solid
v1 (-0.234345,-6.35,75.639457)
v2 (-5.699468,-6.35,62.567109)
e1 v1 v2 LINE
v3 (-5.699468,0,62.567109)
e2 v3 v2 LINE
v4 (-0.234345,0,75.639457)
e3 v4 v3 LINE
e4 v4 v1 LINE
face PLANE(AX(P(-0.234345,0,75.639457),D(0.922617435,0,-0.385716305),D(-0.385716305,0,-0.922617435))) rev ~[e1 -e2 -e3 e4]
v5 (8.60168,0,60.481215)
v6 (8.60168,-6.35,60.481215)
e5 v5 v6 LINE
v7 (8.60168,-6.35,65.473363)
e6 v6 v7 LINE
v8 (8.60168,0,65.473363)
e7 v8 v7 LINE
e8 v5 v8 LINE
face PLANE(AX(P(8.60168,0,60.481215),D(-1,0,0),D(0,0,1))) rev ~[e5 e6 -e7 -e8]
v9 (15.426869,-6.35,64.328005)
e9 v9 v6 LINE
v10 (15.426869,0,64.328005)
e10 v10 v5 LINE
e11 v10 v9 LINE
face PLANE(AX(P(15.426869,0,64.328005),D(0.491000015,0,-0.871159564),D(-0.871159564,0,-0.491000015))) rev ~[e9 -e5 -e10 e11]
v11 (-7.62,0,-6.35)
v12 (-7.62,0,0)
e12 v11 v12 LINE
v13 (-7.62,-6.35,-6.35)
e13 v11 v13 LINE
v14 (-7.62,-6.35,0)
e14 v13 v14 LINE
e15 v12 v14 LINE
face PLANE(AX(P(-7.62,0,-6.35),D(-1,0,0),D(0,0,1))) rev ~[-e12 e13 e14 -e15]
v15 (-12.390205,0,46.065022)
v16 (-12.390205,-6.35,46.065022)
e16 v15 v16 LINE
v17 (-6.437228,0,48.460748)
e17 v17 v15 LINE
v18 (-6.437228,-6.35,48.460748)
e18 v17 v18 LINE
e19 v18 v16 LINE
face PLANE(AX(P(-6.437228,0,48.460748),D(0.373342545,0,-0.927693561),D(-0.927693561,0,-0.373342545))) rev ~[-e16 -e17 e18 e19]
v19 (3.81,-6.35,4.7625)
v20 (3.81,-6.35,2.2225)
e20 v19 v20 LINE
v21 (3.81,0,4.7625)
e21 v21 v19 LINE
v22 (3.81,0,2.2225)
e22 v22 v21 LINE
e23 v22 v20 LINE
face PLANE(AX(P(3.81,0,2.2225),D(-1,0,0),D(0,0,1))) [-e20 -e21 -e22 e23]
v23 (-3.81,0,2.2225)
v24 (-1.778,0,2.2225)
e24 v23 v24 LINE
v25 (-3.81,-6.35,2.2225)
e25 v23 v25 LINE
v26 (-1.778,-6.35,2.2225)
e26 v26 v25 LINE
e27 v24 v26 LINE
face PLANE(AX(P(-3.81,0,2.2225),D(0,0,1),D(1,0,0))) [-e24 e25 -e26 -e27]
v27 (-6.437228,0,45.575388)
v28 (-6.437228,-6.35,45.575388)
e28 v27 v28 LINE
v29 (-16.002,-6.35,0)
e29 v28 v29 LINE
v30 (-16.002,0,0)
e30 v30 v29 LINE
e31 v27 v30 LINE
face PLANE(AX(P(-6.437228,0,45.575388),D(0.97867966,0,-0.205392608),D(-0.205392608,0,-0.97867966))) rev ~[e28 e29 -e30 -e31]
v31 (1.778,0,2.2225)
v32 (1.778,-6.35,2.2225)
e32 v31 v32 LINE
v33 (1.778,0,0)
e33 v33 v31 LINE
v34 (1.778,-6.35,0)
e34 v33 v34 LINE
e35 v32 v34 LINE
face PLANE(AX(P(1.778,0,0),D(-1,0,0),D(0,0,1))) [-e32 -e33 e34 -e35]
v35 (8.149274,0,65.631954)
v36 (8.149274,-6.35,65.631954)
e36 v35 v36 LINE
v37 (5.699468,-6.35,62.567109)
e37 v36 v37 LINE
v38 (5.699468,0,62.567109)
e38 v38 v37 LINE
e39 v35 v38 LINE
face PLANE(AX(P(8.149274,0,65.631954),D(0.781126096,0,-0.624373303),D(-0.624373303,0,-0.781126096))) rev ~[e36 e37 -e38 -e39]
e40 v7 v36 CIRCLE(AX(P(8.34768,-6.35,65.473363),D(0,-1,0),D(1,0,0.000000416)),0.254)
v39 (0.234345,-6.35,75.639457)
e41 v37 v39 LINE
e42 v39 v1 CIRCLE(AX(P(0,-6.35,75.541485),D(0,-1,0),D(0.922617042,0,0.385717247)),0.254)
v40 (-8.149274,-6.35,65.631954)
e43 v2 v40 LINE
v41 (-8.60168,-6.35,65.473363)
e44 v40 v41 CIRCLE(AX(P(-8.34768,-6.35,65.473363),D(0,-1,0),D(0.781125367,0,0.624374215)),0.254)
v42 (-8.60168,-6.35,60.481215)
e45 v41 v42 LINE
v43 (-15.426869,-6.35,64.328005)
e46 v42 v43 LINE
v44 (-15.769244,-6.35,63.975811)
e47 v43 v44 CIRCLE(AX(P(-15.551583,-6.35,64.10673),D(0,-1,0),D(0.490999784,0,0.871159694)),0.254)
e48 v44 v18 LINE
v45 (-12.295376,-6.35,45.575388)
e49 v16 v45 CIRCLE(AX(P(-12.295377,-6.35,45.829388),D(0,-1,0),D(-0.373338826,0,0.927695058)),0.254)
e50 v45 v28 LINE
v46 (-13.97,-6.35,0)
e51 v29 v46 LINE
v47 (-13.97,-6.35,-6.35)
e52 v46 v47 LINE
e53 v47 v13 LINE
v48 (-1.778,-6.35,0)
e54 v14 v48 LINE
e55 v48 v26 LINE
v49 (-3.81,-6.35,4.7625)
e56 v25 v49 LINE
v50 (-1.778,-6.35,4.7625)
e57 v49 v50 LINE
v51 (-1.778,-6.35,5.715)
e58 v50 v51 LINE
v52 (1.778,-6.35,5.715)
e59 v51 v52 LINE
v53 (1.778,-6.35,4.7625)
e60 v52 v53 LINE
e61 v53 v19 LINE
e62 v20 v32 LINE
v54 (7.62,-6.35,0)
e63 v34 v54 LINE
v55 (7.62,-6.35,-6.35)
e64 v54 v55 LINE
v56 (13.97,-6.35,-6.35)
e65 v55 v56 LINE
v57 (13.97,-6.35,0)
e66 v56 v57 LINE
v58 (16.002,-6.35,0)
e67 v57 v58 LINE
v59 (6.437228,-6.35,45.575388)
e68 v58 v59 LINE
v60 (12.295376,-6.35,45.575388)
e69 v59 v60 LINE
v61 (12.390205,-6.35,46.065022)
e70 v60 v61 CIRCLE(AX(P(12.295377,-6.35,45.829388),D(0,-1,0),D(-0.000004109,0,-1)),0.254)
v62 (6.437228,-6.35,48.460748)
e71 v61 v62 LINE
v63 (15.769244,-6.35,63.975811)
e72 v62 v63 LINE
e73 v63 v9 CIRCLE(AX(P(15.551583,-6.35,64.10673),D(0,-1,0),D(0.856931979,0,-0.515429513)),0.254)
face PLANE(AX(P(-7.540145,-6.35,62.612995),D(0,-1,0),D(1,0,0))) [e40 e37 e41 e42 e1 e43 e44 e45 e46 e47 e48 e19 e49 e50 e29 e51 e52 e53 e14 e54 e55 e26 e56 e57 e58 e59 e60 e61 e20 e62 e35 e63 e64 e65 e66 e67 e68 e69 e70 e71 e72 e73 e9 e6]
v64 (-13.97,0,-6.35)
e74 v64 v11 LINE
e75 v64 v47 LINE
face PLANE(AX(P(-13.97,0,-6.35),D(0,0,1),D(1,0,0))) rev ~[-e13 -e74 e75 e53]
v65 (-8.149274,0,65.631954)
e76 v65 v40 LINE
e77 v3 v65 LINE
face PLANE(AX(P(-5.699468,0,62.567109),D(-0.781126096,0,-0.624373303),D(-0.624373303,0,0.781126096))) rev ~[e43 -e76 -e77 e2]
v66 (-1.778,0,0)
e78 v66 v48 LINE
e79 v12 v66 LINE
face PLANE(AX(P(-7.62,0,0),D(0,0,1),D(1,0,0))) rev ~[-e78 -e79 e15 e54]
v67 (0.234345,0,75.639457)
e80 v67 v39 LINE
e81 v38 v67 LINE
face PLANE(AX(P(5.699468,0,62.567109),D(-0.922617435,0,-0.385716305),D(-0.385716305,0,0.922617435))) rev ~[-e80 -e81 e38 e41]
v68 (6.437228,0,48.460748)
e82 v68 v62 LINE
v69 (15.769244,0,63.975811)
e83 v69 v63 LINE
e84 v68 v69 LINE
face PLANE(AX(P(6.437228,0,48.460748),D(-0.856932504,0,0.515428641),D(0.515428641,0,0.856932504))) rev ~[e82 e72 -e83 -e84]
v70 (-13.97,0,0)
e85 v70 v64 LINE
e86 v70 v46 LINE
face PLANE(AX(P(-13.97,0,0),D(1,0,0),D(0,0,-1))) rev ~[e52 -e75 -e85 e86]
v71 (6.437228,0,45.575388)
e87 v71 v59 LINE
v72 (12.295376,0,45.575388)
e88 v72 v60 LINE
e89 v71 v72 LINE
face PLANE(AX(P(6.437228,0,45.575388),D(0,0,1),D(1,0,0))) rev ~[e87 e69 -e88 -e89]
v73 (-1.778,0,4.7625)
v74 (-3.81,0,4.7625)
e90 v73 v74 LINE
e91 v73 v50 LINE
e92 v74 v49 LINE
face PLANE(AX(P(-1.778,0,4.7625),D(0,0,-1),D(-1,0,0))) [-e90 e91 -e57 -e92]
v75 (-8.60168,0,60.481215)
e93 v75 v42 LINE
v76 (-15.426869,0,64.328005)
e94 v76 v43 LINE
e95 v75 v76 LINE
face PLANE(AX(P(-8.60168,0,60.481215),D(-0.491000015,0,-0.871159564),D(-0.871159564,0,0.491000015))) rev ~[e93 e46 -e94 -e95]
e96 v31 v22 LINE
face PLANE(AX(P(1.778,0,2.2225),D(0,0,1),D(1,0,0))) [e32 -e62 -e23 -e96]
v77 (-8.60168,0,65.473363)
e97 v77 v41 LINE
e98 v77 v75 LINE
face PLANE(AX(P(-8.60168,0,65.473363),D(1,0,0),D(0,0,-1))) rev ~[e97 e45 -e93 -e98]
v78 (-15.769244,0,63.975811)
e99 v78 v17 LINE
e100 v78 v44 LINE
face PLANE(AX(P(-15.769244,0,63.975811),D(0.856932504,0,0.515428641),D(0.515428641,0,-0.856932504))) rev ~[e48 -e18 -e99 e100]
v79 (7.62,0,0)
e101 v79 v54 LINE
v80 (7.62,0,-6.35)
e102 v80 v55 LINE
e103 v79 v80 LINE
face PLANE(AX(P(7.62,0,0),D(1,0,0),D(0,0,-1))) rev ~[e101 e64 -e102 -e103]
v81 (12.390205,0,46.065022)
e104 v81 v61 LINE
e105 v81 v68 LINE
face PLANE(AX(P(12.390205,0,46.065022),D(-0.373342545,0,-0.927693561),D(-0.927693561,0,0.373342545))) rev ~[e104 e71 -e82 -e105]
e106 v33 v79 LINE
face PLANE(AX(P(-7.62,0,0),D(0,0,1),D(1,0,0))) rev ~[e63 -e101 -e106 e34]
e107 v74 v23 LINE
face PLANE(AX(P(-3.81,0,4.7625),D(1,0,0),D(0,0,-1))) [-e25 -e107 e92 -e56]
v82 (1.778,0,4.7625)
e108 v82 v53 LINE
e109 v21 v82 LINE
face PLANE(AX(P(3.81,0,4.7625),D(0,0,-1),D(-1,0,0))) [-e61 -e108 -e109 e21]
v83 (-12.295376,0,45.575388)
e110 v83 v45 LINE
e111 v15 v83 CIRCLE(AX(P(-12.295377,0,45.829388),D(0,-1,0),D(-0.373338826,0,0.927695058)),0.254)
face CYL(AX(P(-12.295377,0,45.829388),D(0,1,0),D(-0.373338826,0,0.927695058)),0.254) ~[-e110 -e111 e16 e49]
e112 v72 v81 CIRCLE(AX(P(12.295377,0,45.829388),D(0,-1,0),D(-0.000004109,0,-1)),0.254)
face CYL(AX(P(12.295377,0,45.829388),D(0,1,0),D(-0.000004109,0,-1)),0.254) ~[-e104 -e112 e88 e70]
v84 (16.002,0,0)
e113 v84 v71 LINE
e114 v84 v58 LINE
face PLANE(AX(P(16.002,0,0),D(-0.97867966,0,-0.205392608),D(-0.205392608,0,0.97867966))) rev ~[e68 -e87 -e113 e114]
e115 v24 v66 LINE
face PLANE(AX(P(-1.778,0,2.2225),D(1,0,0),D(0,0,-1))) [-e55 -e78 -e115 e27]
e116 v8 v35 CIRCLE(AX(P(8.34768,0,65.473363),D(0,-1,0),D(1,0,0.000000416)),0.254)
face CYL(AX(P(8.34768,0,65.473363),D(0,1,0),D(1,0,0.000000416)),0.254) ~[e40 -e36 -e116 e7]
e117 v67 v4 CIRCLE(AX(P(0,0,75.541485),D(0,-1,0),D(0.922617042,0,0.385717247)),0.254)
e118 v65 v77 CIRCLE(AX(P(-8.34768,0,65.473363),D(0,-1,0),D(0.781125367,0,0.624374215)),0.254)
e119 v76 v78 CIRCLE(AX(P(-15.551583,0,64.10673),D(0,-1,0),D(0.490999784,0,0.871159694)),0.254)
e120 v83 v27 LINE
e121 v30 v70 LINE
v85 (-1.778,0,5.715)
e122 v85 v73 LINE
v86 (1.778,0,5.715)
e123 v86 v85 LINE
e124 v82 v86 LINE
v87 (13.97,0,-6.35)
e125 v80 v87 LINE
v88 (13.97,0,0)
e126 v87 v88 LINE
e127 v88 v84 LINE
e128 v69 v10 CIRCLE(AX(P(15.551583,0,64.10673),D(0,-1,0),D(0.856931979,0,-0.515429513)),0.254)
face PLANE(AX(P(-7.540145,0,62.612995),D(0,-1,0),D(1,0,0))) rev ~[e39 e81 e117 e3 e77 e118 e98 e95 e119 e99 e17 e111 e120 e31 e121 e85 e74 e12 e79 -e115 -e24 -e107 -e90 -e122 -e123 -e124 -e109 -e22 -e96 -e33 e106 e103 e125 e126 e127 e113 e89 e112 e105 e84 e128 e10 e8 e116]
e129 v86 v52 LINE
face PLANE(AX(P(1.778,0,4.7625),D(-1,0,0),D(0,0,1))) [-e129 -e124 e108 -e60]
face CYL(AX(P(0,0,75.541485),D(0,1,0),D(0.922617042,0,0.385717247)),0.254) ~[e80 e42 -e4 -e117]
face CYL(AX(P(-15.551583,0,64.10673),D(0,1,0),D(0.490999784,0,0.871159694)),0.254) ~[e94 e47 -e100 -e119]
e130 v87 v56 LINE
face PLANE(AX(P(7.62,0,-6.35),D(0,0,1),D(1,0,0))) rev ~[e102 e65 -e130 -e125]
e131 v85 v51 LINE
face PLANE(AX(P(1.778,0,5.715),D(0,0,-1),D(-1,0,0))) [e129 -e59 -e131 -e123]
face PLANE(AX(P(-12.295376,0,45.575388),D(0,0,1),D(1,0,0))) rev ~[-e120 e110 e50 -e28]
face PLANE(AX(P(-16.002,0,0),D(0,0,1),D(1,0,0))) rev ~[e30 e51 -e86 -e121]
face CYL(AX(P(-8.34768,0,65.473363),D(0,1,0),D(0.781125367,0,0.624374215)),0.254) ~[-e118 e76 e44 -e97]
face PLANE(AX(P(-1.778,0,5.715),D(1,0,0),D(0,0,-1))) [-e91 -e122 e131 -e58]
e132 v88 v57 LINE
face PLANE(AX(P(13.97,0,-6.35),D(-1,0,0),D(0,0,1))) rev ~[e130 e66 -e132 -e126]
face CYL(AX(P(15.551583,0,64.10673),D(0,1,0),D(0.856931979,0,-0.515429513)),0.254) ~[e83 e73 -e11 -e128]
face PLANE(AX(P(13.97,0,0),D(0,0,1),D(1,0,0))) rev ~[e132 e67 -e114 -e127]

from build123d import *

# Parameters (mm, degrees)
F1_DEPTH = 6.35
F3_DEPTH = 25.4


with BuildPart() as f1:
    # F0 (on Front) → F1 (new body)
    with BuildSketch(Plane.XZ):
        with BuildLine():
            Line((-8.60168, 65.473363), (-8.60168, 60.481215))
            Line((-8.60168, 60.481215), (-7.207527, 59.695447))
            ThreePointArc((-7.207527, 59.695447), (-7.000316, 59.676491), (-6.848468, 59.818749))
            Line((-6.848468, 59.818749), (-5.699468, 62.567109))
            Line((-5.699468, 62.567109), (-8.149274, 65.631954))
            ThreePointArc((-8.149274, 65.631954), (-8.431706, 65.713062), (-8.60168, 65.473363))
        make_face()
        with BuildLine():
            Line((8.149274, 65.631954), (5.699468, 62.567109))
            Line((5.699468, 62.567109), (6.848468, 59.818749))
            ThreePointArc((6.848468, 59.818749), (7.000316, 59.676491), (7.207527, 59.695447))
            Line((7.207527, 59.695447), (8.60168, 60.481215))
            Line((8.60168, 60.481215), (8.60168, 65.473363))
            ThreePointArc((8.60168, 65.473363), (8.431706, 65.713062), (8.149274, 65.631954))
        make_face()
        with BuildLine():
            Line((-16.002, 0), (-13.97, 0))
            Line((-13.97, 0), (-13.97, -6.35))
            Line((-13.97, -6.35), (-7.62, -6.35))
            Line((-7.62, -6.35), (-7.62, 0))
            Line((-7.62, 0), (7.62, 0))
            Line((7.62, 0), (7.62, -6.35))
            Line((7.62, -6.35), (13.97, -6.35))
            Line((13.97, -6.35), (13.97, 0))
            Line((13.97, 0), (16.002, 0))
            Line((16.002, 0), (6.437228, 45.575388))
            Line((6.437228, 45.575388), (12.295376, 45.575388))
            ThreePointArc((12.295376, 45.575388), (12.544743, 45.781092), (12.390205, 46.065022))
            Line((12.390205, 46.065022), (6.437228, 48.460748))
            Line((6.437228, 48.460748), (15.769244, 63.975811))
            ThreePointArc((15.769244, 63.975811), (15.733709, 64.283779), (15.426869, 64.328005))
            Line((15.426869, 64.328005), (8.60168, 60.481215))
            Line((8.60168, 60.481215), (7.207527, 59.695447))
            ThreePointArc((7.207527, 59.695447), (7.000316, 59.676491), (6.848468, 59.818749))
            Line((6.848468, 59.818749), (5.699468, 62.567109))
            Line((5.699468, 62.567109), (0.234345, 75.639457))
            ThreePointArc((0.234345, 75.639457), (0, 75.795485), (-0.234345, 75.639457))
            Line((-0.234345, 75.639457), (-5.699468, 62.567109))
            Line((-5.699468, 62.567109), (-6.848468, 59.818749))
            ThreePointArc((-6.848468, 59.818749), (-7.000316, 59.676491), (-7.207527, 59.695447))
            Line((-7.207527, 59.695447), (-8.60168, 60.481215))
            Line((-8.60168, 60.481215), (-15.426869, 64.328005))
            ThreePointArc((-15.426869, 64.328005), (-15.733709, 64.283779), (-15.769244, 63.975811))
            Line((-15.769244, 63.975811), (-6.437228, 48.460748))
            Line((-6.437228, 48.460748), (-12.390205, 46.065022))
            ThreePointArc((-12.390205, 46.065022), (-12.544743, 45.781092), (-12.295376, 45.575388))
            Line((-12.295376, 45.575388), (-6.437228, 45.575388))
            Line((-6.437228, 45.575388), (-16.002, 0))
        make_face()
    extrude(amount=F1_DEPTH)

    # F2 (on Front) → F3 (cut)
    with BuildSketch(Plane.XZ):
        Polygon((1.778, 5.715), (-1.778, 5.715), (-1.778, 4.7625), (-3.81, 4.7625), (-3.81, 2.2225), (-1.778, 2.2225), (-1.778, 0), (1.778, 0), (1.778, 2.2225), (3.81, 2.2225), (3.81, 4.7625), (1.778, 4.7625), align=None)
    extrude(amount=F3_DEPTH, mode=Mode.SUBTRACT)


solid = f1.part
